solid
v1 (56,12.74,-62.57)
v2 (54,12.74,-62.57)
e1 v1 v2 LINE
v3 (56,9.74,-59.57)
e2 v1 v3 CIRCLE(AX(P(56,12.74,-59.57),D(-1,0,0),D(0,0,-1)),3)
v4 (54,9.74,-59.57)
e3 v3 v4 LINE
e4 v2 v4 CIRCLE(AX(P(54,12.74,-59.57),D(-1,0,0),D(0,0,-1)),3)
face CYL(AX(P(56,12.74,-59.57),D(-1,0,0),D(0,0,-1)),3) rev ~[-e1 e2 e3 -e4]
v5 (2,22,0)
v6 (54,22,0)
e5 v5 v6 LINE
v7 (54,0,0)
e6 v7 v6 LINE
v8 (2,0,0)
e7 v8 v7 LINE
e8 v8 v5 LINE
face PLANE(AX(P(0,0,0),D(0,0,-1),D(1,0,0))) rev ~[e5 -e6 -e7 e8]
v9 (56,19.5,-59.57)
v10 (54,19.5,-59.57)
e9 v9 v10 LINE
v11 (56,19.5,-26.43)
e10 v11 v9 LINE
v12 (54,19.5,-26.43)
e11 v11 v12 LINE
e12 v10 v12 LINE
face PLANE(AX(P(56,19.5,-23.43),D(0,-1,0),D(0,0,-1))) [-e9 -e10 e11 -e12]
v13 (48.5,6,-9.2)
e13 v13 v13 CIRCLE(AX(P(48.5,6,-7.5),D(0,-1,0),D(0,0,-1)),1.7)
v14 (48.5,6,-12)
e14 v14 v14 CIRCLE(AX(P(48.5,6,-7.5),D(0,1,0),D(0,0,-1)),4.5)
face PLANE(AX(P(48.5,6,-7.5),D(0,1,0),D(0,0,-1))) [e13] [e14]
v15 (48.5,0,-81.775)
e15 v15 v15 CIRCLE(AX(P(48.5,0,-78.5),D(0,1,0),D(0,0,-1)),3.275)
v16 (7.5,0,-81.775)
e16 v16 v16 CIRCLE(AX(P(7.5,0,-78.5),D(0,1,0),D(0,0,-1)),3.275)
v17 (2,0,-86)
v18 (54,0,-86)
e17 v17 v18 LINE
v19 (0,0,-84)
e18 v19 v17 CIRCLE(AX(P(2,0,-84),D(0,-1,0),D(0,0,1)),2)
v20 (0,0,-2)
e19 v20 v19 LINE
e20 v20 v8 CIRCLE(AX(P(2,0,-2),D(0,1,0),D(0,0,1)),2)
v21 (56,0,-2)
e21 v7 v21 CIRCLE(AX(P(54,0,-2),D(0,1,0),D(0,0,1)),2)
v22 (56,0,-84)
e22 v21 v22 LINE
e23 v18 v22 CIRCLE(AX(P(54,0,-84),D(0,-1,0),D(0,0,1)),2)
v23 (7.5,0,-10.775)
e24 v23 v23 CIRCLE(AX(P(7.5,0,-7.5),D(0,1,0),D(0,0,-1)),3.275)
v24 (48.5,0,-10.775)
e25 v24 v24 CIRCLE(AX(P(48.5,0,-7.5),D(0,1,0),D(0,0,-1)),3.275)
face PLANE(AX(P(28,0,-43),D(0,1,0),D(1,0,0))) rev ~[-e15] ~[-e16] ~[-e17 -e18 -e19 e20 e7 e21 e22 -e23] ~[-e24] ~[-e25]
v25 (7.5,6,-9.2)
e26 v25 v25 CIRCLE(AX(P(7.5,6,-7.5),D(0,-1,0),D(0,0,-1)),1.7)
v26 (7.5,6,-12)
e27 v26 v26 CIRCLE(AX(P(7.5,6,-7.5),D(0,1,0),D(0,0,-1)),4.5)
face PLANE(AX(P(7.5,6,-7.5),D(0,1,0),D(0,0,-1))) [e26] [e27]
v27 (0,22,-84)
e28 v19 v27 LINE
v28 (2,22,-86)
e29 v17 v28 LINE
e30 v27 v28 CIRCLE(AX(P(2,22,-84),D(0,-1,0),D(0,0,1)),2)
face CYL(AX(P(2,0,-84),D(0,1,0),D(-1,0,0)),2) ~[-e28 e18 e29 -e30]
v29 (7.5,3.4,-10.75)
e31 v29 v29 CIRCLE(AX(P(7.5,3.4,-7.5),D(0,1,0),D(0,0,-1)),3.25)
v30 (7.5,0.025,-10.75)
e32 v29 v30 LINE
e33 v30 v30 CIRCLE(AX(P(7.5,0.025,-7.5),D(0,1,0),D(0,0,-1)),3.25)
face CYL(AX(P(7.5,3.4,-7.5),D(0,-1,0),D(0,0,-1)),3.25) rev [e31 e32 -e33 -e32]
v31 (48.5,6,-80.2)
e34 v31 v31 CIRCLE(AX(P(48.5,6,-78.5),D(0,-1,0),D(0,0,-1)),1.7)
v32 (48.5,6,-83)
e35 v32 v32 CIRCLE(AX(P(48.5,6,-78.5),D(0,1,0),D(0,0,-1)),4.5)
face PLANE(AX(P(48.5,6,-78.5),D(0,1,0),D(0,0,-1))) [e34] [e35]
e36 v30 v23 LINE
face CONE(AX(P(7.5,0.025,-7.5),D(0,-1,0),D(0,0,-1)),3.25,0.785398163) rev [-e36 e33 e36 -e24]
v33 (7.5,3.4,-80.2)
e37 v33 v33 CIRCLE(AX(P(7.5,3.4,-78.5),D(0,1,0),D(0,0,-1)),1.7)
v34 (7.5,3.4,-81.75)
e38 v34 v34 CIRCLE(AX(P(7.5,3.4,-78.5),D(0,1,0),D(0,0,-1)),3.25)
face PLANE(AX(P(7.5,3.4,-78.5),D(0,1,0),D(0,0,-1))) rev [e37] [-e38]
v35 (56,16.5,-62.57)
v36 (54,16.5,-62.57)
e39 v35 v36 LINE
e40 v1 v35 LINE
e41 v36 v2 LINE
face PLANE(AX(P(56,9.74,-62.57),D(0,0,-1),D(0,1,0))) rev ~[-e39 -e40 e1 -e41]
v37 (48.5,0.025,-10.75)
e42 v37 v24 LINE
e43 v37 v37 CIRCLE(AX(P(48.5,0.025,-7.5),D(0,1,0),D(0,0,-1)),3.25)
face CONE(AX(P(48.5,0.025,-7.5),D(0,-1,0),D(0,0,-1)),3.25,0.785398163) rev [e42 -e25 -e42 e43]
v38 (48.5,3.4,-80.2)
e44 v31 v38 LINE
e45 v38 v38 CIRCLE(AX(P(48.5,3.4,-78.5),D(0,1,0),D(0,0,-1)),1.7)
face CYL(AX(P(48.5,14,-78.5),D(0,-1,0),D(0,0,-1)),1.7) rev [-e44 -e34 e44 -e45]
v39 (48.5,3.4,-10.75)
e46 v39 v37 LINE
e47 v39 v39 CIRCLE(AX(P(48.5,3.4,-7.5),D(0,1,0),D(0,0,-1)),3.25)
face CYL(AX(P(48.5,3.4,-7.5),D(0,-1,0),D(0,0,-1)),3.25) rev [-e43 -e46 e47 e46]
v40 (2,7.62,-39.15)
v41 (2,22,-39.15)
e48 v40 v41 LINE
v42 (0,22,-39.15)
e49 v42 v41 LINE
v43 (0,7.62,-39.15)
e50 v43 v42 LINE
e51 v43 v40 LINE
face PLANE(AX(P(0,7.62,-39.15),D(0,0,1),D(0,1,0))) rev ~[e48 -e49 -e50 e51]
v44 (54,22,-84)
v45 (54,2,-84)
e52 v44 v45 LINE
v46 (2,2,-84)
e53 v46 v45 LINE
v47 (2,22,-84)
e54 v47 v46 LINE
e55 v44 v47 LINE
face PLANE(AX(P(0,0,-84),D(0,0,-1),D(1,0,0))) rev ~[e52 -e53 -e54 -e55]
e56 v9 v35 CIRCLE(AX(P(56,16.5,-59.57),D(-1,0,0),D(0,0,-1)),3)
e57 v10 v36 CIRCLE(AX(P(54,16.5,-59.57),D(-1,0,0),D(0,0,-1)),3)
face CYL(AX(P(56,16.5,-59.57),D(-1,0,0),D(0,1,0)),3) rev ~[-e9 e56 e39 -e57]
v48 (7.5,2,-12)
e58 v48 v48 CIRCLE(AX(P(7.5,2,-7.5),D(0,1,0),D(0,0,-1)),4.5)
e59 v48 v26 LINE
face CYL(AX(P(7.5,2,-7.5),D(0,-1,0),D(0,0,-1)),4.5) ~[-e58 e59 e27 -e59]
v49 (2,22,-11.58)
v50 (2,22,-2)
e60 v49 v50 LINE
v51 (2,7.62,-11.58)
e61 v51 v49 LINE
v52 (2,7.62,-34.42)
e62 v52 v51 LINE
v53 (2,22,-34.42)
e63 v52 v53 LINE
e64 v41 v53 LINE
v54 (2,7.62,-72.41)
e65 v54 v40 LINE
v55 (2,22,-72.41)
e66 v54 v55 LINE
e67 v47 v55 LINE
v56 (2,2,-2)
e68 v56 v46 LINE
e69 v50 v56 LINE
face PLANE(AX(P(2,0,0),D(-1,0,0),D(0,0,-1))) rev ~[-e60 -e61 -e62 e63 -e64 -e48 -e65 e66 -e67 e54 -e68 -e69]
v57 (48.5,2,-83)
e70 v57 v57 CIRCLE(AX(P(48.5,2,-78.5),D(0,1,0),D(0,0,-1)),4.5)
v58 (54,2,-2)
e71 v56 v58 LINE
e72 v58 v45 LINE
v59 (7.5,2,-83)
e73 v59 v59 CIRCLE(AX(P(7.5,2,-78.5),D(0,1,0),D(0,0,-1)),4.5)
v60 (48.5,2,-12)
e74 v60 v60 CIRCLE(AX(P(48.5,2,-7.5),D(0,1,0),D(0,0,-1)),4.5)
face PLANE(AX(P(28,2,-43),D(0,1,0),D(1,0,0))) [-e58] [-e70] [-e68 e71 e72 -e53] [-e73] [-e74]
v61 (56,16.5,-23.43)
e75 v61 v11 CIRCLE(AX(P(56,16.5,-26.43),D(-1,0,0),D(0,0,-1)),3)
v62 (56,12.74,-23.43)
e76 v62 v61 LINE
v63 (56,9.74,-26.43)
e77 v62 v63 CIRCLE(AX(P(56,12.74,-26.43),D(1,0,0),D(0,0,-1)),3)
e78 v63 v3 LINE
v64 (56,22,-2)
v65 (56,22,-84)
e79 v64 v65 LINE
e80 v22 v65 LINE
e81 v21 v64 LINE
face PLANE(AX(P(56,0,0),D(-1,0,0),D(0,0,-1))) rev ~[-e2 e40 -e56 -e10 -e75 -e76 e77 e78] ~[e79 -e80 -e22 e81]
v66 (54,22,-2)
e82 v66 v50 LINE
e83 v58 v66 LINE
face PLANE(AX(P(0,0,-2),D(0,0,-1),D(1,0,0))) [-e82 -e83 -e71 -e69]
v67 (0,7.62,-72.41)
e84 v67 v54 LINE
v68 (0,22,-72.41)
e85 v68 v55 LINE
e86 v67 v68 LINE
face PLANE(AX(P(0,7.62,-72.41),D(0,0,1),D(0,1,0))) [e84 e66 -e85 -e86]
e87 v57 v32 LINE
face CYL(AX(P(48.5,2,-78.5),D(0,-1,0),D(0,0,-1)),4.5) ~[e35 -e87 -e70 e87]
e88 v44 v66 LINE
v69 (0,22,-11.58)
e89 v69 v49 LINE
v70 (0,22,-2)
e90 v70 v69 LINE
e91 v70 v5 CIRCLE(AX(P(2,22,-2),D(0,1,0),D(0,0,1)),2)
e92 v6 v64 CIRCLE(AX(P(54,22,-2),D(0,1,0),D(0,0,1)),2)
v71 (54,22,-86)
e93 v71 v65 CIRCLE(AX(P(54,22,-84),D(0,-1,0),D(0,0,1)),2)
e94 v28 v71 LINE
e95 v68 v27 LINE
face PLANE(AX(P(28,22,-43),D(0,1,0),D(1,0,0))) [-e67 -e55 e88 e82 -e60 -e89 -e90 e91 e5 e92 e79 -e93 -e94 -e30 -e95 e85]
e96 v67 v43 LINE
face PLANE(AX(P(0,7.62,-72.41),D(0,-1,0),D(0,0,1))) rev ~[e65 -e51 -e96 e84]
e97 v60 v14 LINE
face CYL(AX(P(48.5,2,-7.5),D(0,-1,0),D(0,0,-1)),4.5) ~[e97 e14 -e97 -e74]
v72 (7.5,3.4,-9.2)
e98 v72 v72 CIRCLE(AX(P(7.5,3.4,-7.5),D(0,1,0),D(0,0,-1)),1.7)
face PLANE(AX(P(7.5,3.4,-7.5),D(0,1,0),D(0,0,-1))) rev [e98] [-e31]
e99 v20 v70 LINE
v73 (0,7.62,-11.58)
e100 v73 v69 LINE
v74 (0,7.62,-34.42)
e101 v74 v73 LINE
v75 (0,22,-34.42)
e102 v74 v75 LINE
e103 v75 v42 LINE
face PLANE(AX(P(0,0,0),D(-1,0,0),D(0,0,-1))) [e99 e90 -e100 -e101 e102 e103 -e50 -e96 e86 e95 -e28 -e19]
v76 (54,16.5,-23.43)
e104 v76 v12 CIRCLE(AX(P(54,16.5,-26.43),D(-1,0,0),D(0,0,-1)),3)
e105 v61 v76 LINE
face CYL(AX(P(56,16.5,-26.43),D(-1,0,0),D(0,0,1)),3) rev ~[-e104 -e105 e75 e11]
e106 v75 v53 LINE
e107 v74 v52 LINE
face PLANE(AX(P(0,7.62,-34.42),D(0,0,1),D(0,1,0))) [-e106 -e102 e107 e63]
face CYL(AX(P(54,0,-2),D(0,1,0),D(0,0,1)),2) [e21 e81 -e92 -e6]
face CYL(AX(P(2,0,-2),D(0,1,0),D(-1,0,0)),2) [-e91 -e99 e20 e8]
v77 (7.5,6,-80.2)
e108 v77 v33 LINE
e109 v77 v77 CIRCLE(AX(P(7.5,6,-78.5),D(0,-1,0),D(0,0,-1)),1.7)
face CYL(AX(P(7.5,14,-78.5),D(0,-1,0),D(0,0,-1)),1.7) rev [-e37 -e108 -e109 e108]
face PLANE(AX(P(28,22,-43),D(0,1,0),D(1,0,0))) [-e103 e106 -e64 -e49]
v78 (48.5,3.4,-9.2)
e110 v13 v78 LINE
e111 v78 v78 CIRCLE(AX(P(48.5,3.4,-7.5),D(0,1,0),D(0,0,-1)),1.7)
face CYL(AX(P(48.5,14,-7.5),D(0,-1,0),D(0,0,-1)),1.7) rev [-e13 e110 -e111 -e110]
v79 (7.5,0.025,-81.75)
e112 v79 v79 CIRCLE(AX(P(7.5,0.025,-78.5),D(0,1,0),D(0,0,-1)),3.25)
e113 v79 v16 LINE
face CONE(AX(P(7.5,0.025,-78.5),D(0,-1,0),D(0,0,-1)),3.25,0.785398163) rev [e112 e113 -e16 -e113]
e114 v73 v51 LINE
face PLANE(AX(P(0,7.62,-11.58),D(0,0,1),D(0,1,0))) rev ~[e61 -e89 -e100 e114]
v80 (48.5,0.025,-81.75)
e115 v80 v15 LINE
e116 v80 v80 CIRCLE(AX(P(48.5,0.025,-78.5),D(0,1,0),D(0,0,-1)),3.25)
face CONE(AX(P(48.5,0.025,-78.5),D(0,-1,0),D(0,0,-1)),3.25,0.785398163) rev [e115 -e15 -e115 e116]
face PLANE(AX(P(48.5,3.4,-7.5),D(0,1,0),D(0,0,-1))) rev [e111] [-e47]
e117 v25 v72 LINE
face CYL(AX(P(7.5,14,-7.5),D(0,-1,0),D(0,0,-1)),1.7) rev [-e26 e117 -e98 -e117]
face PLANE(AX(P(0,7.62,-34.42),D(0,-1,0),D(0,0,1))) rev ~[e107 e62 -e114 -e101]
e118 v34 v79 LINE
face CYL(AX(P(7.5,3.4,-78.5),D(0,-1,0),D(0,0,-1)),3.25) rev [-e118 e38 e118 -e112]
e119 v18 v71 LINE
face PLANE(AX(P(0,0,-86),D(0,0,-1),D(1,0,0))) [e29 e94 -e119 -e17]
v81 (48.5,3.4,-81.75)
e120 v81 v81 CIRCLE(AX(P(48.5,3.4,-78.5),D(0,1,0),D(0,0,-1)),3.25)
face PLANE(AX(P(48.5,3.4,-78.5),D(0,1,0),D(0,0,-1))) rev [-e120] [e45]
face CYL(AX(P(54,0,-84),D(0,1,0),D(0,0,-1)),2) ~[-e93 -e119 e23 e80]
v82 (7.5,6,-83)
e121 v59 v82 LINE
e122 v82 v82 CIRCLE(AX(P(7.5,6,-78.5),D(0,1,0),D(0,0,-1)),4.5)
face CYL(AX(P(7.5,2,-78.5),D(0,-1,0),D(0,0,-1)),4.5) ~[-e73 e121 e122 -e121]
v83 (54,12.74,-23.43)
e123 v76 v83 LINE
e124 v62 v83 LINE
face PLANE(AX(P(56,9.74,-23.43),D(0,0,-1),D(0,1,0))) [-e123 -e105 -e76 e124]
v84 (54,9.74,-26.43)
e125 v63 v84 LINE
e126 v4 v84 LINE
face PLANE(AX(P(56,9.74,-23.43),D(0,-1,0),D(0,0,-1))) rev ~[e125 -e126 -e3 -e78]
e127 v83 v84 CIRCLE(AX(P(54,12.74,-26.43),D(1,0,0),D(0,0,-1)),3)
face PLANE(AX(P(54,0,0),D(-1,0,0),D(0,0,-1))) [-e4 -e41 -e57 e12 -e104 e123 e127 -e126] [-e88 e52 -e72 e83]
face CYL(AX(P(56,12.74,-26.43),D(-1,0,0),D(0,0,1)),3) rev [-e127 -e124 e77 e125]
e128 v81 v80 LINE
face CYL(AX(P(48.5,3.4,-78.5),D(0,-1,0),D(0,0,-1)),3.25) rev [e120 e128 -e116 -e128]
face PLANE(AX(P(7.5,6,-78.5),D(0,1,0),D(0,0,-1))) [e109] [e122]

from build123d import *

# Parameters (mm, degrees)
SKIZZE1_W                                    = 56
SKIZZE1_H                                    = 86
AUFSATZ_LINEAR_AUSTRAGEN1_DEPTH              = 22
WANDUNG1_T                                   = -2
SKIZZE2_R                                    = 4.5
AUFSATZ_LINEAR_AUSTRAGEN2_DEPTH              = 4
VERRUNDUNG1_R                                = 2
SKIZZE3_W                                    = 22.84
SKIZZE3_H                                    = 14.38
SCHNITT_LINEAR_AUSTRAGEN1_DEPTH              = 2
STIRNSENKUNG_F_R_M3_ZYLINDERSCHRAUBE_2_COUNT = 2
STIRNSENKUNG_F_R_M3_ZYLINDERSCHRAUBE_2_PITCH = 81.987803971
STIRNSENKUNG_F_R_M3_ZYLINDERSCHRAUBE_3_COUNT = 2
STIRNSENKUNG_F_R_M3_ZYLINDERSCHRAUBE_3_PITCH = 71
STIRNSENKUNG_F_R_M3_ZYLINDERSCHRAUBE_4_COUNT = 2
STIRNSENKUNG_F_R_M3_ZYLINDERSCHRAUBE_4_PITCH = 41
SKIZZE7_W                                    = 33.26
SKIZZE7_H                                    = 14.38
SCHNITT_LINEAR_AUSTRAGEN2_DEPTH              = 10
SKIZZE8_W                                    = 39.14
SKIZZE8_H                                    = 9.76
SCHNITT_LINEAR_AUSTRAGEN3_DEPTH              = 10
VERRUNDUNG2_R                                = 3


with BuildPart() as part:
    # Skizze1 → Aufsatz-Linear austragen1 (new body)
    with BuildSketch(Plane(origin=(0, 0, 0), x_dir=(1, 0, 0), z_dir=(0, 1, 0))):
        with Locations((28, 43)):
            Rectangle(SKIZZE1_W, SKIZZE1_H)
    extrude(amount=AUFSATZ_LINEAR_AUSTRAGEN1_DEPTH)

    # Wandung1
    wandung1_openings = [part.faces().sort_by_distance(p)[0] for p in [
        (28, 22, -43),
    ]]
    offset(amount=WANDUNG1_T, openings=wandung1_openings, kind=Kind.INTERSECTION)

    # Skizze2 → Aufsatz-Linear austragen2 (add)
    with BuildSketch(Plane(origin=(0, 2, 0), x_dir=(1, 0, 0), z_dir=(0, 1, 0))):
        with Locations(Location((7.5, 7.5, 0), (0, 0, 90))):
            Circle(SKIZZE2_R)
        with Locations(Location((48.5, 7.5, 0), (0, 0, 90))):
            Circle(SKIZZE2_R)
        with Locations(Location((48.5, 78.5, 0), (0, 0, 90))):
            Circle(SKIZZE2_R)
        with Locations(Location((7.5, 78.5, 0), (0, 0, 90))):
            Circle(SKIZZE2_R)
    extrude(amount=AUFSATZ_LINEAR_AUSTRAGEN2_DEPTH)

    # Verrundung1
    verrundung1_edges = [part.edges().sort_by_distance(p)[0] for p in [
        (0, 11, -86),
        (56, 11, -86),
        (56, 11, 0),
        (0, 11, 0),
    ]]
    fillet(verrundung1_edges, radius=VERRUNDUNG1_R)

    # Skizze3 → Schnitt-Linear austragen1 (cut)
    with BuildSketch(Plane.ZY):
        with Locations((-23, 14.81)):
            Rectangle(SKIZZE3_W, SKIZZE3_H)
    extrude(amount=-SCHNITT_LINEAR_AUSTRAGEN1_DEPTH, mode=Mode.SUBTRACT)

    # Skizze6 → Stirnsenkung für M3 Zylinderschraube mit Innensechskant1 (revolve, cut)
    with BuildSketch(Plane(origin=(48.5, 0, -7.5), x_dir=(0, 0, -1), z_dir=(1, 0, 0))):
        Polygon((0, 0), (0, 15.021463052), (1.7, 14), (1.7, 3.4), (3.25, 3.4), (3.25, 0.025), (3.275, 0), align=None)
    stirnsenkung_f_r_m3_zylinderschraube_mit = revolve(axis=Axis((48.5, -6.35, -7.5), (0, 1, 0)), mode=Mode.SUBTRACT)

    # Stirnsenkung f_r M3 Zylinderschraube 2: Stirnsenkung für M3 Zylinderschraube mit Innensechskant1 ×2
    with Locations(*[Vector(-0.5000743770922673, 0, -0.865982457891487) * (i * STIRNSENKUNG_F_R_M3_ZYLINDERSCHRAUBE_2_PITCH) for i in range(1, STIRNSENKUNG_F_R_M3_ZYLINDERSCHRAUBE_2_COUNT)]):
        add(stirnsenkung_f_r_m3_zylinderschraube_mit, mode=Mode.SUBTRACT)

    # Stirnsenkung f_r M3 Zylinderschraube 3: Stirnsenkung für M3 Zylinderschraube mit Innensechskant1 ×2
    with Locations(*[(0, 0, -i * STIRNSENKUNG_F_R_M3_ZYLINDERSCHRAUBE_3_PITCH) for i in range(1, STIRNSENKUNG_F_R_M3_ZYLINDERSCHRAUBE_3_COUNT)]):
        add(stirnsenkung_f_r_m3_zylinderschraube_mit, mode=Mode.SUBTRACT)

    # Stirnsenkung f_r M3 Zylinderschraube 4: Stirnsenkung für M3 Zylinderschraube mit Innensechskant1 ×2
    with Locations(*[(-i * STIRNSENKUNG_F_R_M3_ZYLINDERSCHRAUBE_4_PITCH, 0, 0) for i in range(1, STIRNSENKUNG_F_R_M3_ZYLINDERSCHRAUBE_4_COUNT)]):
        add(stirnsenkung_f_r_m3_zylinderschraube_mit, mode=Mode.SUBTRACT)

    # Skizze7 → Schnitt-Linear austragen2 (cut)
    with BuildSketch(Plane.ZY):
        with Locations((-55.78, 14.81)):
            Rectangle(SKIZZE7_W, SKIZZE7_H)
    extrude(amount=-SCHNITT_LINEAR_AUSTRAGEN2_DEPTH, mode=Mode.SUBTRACT)

    # Skizze8 → Schnitt-Linear austragen3 (cut)
    with BuildSketch(Plane(origin=(56, 0, 0), x_dir=(0, 0, -1), z_dir=(1, 0, 0))):
        with Locations((43, 14.62)):
            Rectangle(SKIZZE8_W, SKIZZE8_H)
    extrude(amount=-SCHNITT_LINEAR_AUSTRAGEN3_DEPTH, mode=Mode.SUBTRACT)

    # Verrundung2
    verrundung2_edges = [part.edges().sort_by_distance(p)[0] for p in [
        (55, 9.74, -23.43),
        (55, 19.5, -23.43),
        (55, 19.5, -62.57),
        (55, 9.74, -62.57),
    ]]
    fillet(verrundung2_edges, radius=VERRUNDUNG2_R)


solid = part.part
